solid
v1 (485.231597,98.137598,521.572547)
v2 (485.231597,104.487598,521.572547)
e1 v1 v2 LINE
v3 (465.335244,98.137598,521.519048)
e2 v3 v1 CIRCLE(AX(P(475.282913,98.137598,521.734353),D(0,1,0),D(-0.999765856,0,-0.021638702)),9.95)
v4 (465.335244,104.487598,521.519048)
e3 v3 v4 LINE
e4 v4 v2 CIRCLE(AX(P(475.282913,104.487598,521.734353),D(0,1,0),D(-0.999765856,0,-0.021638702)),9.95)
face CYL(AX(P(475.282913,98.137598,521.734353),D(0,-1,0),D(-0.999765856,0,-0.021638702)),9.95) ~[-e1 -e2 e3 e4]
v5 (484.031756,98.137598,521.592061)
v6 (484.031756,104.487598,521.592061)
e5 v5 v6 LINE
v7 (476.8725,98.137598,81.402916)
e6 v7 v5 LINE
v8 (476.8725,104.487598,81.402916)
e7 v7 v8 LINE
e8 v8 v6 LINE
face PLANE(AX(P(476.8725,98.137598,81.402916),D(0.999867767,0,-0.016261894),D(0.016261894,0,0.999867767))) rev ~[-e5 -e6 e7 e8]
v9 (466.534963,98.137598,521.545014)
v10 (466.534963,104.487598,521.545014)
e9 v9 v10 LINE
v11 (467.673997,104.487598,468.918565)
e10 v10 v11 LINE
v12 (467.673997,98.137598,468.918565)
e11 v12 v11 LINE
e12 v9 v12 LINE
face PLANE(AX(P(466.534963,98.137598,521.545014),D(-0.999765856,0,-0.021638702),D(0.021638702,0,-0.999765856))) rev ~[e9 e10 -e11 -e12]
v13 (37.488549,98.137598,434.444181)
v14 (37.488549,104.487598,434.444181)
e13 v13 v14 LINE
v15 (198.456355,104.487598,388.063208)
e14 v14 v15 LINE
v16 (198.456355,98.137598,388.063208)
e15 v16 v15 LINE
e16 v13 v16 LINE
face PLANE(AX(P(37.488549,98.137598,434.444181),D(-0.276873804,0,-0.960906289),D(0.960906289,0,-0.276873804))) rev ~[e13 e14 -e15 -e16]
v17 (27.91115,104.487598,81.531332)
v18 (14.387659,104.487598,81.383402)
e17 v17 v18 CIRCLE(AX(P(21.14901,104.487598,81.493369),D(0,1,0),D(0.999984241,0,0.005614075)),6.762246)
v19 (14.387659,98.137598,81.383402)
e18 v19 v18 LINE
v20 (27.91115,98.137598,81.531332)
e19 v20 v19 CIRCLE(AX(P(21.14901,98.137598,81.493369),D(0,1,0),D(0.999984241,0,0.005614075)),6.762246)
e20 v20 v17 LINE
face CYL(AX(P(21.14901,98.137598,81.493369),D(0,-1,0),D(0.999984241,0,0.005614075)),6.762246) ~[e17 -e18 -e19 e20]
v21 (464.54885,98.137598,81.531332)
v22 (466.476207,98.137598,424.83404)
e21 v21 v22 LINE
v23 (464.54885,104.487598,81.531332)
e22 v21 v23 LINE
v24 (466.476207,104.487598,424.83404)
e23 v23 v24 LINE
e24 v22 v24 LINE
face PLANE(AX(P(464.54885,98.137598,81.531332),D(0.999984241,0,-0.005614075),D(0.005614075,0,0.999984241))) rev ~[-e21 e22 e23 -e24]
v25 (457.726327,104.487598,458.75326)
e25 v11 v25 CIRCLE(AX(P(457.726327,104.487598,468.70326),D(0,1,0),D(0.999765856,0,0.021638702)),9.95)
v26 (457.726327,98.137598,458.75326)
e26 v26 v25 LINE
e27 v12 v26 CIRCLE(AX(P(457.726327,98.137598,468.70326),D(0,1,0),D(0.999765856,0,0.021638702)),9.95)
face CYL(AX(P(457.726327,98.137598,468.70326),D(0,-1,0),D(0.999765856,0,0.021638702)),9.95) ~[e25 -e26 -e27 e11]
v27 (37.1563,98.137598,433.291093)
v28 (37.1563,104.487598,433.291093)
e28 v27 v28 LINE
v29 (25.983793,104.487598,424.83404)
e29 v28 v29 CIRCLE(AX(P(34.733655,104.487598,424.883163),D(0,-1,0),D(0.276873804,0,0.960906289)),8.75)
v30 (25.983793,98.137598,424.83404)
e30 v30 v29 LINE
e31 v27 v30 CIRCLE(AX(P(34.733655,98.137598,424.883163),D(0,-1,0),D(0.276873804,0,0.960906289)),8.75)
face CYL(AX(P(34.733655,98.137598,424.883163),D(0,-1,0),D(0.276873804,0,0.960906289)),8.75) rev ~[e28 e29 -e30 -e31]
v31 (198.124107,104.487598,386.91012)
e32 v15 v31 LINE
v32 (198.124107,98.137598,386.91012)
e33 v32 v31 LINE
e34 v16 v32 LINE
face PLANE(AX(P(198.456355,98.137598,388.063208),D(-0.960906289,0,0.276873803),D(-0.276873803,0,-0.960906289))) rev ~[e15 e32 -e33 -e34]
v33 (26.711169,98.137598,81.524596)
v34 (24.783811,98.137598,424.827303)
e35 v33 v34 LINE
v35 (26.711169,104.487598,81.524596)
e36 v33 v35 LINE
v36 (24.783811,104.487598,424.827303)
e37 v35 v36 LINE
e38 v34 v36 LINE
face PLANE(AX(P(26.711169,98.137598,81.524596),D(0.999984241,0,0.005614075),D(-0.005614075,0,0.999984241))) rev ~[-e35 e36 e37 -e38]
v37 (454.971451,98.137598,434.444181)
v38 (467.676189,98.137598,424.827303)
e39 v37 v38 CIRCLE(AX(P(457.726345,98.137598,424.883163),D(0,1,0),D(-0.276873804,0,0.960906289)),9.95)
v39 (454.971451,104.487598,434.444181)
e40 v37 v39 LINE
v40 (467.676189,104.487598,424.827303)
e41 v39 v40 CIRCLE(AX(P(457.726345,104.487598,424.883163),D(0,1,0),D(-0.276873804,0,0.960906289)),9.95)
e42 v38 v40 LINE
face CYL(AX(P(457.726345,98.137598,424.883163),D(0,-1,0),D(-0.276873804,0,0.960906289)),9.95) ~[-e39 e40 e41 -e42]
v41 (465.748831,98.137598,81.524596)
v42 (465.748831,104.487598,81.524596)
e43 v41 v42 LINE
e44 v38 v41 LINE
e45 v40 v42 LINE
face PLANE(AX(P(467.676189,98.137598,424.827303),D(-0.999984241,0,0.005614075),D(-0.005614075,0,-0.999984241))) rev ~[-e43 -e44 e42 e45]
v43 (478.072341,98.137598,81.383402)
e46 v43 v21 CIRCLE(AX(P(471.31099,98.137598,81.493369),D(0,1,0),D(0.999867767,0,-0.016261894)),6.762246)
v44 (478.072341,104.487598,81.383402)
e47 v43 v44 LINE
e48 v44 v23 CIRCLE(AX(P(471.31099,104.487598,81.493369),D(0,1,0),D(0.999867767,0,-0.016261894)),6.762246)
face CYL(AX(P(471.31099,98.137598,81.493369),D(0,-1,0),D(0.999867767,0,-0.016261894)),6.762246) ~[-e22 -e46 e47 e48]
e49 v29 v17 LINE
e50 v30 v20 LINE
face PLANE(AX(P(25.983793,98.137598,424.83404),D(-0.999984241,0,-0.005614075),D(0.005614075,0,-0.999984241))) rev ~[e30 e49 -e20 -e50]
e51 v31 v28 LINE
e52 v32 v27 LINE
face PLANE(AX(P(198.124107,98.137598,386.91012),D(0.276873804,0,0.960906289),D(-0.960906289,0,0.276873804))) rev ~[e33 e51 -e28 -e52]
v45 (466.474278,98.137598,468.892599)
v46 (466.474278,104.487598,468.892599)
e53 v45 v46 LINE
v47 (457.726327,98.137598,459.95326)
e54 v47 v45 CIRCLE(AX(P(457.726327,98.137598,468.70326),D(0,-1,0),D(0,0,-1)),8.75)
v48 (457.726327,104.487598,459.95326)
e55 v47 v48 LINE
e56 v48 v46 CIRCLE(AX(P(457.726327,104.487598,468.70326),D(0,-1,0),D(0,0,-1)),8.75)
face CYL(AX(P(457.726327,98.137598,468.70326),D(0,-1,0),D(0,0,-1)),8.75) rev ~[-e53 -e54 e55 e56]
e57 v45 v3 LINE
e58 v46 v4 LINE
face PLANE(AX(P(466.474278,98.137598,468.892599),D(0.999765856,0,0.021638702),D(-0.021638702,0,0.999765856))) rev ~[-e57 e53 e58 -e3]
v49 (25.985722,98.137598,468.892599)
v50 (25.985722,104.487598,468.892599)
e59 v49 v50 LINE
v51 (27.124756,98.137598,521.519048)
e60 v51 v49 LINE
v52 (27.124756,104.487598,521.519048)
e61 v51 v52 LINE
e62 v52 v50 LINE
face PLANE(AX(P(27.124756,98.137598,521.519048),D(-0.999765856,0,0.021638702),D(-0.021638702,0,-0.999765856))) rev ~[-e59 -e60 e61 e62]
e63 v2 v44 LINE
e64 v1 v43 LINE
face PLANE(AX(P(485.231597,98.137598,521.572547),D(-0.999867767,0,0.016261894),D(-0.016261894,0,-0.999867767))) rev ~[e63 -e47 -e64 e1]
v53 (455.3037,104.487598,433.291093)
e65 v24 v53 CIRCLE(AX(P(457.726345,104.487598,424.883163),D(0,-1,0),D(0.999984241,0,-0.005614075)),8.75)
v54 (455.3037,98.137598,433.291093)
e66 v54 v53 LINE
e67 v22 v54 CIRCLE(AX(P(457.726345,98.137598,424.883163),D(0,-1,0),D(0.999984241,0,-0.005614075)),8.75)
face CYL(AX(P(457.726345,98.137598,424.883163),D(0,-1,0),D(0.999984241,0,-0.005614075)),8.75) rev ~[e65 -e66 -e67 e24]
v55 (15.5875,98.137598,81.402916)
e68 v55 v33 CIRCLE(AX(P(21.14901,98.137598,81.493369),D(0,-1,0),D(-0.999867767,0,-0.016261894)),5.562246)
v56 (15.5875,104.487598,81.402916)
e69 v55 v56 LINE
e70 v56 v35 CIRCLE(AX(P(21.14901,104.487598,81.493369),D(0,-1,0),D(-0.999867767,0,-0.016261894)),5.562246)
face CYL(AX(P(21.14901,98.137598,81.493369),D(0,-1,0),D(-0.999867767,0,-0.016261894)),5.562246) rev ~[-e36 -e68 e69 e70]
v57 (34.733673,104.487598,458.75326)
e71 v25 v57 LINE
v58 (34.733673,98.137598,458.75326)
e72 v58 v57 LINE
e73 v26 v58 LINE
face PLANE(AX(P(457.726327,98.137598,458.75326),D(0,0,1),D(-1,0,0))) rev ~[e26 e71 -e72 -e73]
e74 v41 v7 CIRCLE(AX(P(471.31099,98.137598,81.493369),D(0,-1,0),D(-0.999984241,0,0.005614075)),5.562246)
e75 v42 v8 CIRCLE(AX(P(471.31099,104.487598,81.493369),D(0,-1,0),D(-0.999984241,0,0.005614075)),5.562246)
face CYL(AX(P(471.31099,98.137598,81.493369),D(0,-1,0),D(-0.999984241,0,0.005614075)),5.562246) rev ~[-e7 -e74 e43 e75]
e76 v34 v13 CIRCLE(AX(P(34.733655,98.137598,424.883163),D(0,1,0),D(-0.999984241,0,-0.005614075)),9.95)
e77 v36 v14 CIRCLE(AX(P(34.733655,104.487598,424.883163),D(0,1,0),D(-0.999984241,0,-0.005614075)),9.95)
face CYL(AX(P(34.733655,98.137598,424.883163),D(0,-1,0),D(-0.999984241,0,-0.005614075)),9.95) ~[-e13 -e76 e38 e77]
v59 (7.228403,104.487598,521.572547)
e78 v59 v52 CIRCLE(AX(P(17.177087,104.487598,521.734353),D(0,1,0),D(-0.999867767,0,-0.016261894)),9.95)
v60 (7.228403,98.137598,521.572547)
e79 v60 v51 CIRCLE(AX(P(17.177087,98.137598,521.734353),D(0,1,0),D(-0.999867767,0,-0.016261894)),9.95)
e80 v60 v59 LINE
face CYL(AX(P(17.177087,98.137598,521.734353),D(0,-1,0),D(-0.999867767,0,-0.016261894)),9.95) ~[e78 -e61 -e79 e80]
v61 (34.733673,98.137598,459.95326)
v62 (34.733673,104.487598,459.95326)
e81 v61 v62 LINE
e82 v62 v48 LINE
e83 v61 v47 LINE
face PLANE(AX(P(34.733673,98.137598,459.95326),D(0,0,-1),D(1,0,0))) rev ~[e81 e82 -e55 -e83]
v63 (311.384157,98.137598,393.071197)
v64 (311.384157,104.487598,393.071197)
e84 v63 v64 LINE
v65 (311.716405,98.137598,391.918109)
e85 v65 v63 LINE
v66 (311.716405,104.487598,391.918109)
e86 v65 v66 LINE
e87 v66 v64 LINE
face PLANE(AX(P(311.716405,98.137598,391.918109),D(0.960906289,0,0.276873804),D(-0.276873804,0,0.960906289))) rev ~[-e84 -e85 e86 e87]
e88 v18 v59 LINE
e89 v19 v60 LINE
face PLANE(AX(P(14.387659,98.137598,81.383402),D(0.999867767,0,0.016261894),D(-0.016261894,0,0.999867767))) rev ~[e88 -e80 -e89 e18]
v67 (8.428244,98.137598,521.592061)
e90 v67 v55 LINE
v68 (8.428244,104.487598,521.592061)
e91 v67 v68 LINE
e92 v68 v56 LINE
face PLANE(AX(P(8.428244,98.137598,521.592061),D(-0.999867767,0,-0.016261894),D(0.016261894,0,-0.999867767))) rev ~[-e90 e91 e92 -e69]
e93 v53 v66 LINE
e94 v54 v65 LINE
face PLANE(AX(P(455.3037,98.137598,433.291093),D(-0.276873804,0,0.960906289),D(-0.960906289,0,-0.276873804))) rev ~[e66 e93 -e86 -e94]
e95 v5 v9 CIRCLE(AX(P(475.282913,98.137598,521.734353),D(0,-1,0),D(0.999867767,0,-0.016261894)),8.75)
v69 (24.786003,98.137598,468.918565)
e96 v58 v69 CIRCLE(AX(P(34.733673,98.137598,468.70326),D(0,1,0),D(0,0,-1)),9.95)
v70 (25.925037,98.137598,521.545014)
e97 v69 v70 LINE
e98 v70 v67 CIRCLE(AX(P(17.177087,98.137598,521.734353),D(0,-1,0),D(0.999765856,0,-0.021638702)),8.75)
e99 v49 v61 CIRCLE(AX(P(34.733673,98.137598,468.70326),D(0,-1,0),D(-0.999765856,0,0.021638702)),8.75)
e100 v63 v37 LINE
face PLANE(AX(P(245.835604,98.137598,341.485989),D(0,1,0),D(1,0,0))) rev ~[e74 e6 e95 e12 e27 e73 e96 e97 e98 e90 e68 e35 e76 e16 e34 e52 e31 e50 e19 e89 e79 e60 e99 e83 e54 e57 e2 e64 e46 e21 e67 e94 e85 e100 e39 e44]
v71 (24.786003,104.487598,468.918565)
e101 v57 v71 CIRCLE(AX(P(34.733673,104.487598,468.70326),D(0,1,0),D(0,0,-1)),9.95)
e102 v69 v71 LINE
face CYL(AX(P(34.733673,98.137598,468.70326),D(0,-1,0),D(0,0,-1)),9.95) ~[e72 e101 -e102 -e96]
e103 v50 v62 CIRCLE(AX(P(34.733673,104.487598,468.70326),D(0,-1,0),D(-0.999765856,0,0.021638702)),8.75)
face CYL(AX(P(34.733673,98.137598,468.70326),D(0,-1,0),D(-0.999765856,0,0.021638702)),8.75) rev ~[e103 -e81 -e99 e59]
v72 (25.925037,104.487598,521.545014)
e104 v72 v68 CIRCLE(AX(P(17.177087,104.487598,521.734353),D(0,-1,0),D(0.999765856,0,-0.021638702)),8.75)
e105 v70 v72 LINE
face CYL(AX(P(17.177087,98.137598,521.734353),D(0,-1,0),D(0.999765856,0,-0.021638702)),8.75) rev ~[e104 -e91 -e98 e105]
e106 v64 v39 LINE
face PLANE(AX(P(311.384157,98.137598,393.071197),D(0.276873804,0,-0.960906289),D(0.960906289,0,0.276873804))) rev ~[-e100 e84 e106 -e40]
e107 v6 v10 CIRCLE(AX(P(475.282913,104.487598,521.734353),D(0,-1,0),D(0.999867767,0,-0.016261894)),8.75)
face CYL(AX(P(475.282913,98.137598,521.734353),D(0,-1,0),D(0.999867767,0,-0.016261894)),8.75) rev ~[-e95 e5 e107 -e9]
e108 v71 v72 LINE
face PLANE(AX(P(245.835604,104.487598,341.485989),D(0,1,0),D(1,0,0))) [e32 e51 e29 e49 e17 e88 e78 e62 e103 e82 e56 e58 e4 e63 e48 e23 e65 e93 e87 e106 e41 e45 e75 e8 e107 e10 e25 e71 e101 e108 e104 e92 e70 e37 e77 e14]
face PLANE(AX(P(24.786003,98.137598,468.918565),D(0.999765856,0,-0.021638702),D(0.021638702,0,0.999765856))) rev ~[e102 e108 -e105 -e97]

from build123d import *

# Parameters (mm, degrees)
EXTRUDE_THIN1_START = 98.137598
EXTRUDE_THIN1_DEPTH = 6.35


with BuildPart() as part:
    # Sketch1 → Extrude-Thin1 (new body)
    with BuildSketch(Plane(origin=(0, 0, 0), x_dir=(1, 0, 0), z_dir=(0, 1, 0)).offset(EXTRUDE_THIN1_START)):
        with BuildLine():
            Line((311.384156583, -393.071196862), (454.971450984, -434.4441807))
            ThreePointArc((454.971450984, -434.4441807), (463.731585213, -432.81661092), (467.676188529, -424.827303078))
            Line((467.676188529, -424.827303078), (465.748831099, -81.524595581))
            ThreePointArc((465.748831099, -81.524595581), (471.250148893, -75.931455396), (476.872500072, -81.402916061))
            Line((476.872500072, -81.402916061), (484.031755857, -521.592061355))
            ThreePointArc((484.031755857, -521.592061355), (475.259385627, -530.484320798), (466.534962634, -521.545014287))
            Line((466.534962634, -521.545014287), (467.673997369, -468.918565217))
            ThreePointArc((467.673997369, -468.918565217), (464.83775402, -461.744085815), (457.726327103, -458.753260135))
            Line((457.726327103, -458.753260135), (217.954761626, -458.753260135))
            Line((217.954761626, -458.753260135), (34.733672902, -458.753260135))
            ThreePointArc((34.733672902, -458.753260135), (27.622245985, -461.744085815), (24.786002636, -468.918565217))
            Line((24.786002636, -468.918565217), (25.925037371, -521.545014287))
            ThreePointArc((25.925037371, -521.545014287), (17.200614378, -530.484320798), (8.428244148, -521.592061355))
            Line((8.428244148, -521.592061355), (15.587499933, -81.402916061))
            ThreePointArc((15.587499933, -81.402916061), (21.209851112, -75.931455396), (26.711168906, -81.524595581))
            Line((26.711168906, -81.524595581), (24.783811476, -424.827303078))
            ThreePointArc((24.783811476, -424.827303078), (28.728414792, -432.81661092), (37.488549021, -434.4441807))
            Line((37.488549021, -434.4441807), (198.456355388, -388.063207515))
            Line((198.456355388, -388.063207515), (198.124106824, -386.910119968))
            Line((198.124106824, -386.910119968), (37.156300457, -433.291093153))
            ThreePointArc((37.156300457, -433.291093153), (29.452664828, -431.859813195), (25.983792565, -424.834039968))
            Line((25.983792565, -424.834039968), (27.911149995, -81.53133247))
            ThreePointArc((27.911149995, -81.53133247), (21.222976879, -74.731527184), (14.387658613, -81.383401789))
            Line((14.387658613, -81.383401789), (7.228402828, -521.572547083))
            ThreePointArc((7.228402828, -521.572547083), (17.203841042, -531.68431646), (27.124756398, -521.519047845))
            Line((27.124756398, -521.519047845), (25.985721663, -468.892598775))
            ThreePointArc((25.985721663, -468.892598775), (28.479905513, -462.58338322), (34.733672902, -459.953260135))
            Line((34.733672902, -459.953260135), (217.954761626, -459.953260135))
            Line((217.954761626, -459.953260135), (457.726327103, -459.953260135))
            ThreePointArc((457.726327103, -459.953260135), (463.980094492, -462.58338322), (466.474278342, -468.892598775))
            Line((466.474278342, -468.892598775), (465.335243607, -521.519047845))
            ThreePointArc((465.335243607, -521.519047845), (475.256158963, -531.68431646), (485.231597177, -521.572547083))
            Line((485.231597177, -521.572547083), (478.072341392, -81.383401789))
            ThreePointArc((478.072341392, -81.383401789), (471.237023126, -74.731527184), (464.54885001, -81.53133247))
            Line((464.54885001, -81.53133247), (466.47620744, -424.834039968))
            ThreePointArc((466.47620744, -424.834039968), (463.007335177, -431.859813195), (455.303699548, -433.291093153))
            Line((455.303699548, -433.291093153), (311.716405148, -391.918109315))
            Line((311.716405148, -391.918109315), (311.384156583, -393.071196862))
        make_face()
    extrude(amount=EXTRUDE_THIN1_DEPTH)


solid = part.part
